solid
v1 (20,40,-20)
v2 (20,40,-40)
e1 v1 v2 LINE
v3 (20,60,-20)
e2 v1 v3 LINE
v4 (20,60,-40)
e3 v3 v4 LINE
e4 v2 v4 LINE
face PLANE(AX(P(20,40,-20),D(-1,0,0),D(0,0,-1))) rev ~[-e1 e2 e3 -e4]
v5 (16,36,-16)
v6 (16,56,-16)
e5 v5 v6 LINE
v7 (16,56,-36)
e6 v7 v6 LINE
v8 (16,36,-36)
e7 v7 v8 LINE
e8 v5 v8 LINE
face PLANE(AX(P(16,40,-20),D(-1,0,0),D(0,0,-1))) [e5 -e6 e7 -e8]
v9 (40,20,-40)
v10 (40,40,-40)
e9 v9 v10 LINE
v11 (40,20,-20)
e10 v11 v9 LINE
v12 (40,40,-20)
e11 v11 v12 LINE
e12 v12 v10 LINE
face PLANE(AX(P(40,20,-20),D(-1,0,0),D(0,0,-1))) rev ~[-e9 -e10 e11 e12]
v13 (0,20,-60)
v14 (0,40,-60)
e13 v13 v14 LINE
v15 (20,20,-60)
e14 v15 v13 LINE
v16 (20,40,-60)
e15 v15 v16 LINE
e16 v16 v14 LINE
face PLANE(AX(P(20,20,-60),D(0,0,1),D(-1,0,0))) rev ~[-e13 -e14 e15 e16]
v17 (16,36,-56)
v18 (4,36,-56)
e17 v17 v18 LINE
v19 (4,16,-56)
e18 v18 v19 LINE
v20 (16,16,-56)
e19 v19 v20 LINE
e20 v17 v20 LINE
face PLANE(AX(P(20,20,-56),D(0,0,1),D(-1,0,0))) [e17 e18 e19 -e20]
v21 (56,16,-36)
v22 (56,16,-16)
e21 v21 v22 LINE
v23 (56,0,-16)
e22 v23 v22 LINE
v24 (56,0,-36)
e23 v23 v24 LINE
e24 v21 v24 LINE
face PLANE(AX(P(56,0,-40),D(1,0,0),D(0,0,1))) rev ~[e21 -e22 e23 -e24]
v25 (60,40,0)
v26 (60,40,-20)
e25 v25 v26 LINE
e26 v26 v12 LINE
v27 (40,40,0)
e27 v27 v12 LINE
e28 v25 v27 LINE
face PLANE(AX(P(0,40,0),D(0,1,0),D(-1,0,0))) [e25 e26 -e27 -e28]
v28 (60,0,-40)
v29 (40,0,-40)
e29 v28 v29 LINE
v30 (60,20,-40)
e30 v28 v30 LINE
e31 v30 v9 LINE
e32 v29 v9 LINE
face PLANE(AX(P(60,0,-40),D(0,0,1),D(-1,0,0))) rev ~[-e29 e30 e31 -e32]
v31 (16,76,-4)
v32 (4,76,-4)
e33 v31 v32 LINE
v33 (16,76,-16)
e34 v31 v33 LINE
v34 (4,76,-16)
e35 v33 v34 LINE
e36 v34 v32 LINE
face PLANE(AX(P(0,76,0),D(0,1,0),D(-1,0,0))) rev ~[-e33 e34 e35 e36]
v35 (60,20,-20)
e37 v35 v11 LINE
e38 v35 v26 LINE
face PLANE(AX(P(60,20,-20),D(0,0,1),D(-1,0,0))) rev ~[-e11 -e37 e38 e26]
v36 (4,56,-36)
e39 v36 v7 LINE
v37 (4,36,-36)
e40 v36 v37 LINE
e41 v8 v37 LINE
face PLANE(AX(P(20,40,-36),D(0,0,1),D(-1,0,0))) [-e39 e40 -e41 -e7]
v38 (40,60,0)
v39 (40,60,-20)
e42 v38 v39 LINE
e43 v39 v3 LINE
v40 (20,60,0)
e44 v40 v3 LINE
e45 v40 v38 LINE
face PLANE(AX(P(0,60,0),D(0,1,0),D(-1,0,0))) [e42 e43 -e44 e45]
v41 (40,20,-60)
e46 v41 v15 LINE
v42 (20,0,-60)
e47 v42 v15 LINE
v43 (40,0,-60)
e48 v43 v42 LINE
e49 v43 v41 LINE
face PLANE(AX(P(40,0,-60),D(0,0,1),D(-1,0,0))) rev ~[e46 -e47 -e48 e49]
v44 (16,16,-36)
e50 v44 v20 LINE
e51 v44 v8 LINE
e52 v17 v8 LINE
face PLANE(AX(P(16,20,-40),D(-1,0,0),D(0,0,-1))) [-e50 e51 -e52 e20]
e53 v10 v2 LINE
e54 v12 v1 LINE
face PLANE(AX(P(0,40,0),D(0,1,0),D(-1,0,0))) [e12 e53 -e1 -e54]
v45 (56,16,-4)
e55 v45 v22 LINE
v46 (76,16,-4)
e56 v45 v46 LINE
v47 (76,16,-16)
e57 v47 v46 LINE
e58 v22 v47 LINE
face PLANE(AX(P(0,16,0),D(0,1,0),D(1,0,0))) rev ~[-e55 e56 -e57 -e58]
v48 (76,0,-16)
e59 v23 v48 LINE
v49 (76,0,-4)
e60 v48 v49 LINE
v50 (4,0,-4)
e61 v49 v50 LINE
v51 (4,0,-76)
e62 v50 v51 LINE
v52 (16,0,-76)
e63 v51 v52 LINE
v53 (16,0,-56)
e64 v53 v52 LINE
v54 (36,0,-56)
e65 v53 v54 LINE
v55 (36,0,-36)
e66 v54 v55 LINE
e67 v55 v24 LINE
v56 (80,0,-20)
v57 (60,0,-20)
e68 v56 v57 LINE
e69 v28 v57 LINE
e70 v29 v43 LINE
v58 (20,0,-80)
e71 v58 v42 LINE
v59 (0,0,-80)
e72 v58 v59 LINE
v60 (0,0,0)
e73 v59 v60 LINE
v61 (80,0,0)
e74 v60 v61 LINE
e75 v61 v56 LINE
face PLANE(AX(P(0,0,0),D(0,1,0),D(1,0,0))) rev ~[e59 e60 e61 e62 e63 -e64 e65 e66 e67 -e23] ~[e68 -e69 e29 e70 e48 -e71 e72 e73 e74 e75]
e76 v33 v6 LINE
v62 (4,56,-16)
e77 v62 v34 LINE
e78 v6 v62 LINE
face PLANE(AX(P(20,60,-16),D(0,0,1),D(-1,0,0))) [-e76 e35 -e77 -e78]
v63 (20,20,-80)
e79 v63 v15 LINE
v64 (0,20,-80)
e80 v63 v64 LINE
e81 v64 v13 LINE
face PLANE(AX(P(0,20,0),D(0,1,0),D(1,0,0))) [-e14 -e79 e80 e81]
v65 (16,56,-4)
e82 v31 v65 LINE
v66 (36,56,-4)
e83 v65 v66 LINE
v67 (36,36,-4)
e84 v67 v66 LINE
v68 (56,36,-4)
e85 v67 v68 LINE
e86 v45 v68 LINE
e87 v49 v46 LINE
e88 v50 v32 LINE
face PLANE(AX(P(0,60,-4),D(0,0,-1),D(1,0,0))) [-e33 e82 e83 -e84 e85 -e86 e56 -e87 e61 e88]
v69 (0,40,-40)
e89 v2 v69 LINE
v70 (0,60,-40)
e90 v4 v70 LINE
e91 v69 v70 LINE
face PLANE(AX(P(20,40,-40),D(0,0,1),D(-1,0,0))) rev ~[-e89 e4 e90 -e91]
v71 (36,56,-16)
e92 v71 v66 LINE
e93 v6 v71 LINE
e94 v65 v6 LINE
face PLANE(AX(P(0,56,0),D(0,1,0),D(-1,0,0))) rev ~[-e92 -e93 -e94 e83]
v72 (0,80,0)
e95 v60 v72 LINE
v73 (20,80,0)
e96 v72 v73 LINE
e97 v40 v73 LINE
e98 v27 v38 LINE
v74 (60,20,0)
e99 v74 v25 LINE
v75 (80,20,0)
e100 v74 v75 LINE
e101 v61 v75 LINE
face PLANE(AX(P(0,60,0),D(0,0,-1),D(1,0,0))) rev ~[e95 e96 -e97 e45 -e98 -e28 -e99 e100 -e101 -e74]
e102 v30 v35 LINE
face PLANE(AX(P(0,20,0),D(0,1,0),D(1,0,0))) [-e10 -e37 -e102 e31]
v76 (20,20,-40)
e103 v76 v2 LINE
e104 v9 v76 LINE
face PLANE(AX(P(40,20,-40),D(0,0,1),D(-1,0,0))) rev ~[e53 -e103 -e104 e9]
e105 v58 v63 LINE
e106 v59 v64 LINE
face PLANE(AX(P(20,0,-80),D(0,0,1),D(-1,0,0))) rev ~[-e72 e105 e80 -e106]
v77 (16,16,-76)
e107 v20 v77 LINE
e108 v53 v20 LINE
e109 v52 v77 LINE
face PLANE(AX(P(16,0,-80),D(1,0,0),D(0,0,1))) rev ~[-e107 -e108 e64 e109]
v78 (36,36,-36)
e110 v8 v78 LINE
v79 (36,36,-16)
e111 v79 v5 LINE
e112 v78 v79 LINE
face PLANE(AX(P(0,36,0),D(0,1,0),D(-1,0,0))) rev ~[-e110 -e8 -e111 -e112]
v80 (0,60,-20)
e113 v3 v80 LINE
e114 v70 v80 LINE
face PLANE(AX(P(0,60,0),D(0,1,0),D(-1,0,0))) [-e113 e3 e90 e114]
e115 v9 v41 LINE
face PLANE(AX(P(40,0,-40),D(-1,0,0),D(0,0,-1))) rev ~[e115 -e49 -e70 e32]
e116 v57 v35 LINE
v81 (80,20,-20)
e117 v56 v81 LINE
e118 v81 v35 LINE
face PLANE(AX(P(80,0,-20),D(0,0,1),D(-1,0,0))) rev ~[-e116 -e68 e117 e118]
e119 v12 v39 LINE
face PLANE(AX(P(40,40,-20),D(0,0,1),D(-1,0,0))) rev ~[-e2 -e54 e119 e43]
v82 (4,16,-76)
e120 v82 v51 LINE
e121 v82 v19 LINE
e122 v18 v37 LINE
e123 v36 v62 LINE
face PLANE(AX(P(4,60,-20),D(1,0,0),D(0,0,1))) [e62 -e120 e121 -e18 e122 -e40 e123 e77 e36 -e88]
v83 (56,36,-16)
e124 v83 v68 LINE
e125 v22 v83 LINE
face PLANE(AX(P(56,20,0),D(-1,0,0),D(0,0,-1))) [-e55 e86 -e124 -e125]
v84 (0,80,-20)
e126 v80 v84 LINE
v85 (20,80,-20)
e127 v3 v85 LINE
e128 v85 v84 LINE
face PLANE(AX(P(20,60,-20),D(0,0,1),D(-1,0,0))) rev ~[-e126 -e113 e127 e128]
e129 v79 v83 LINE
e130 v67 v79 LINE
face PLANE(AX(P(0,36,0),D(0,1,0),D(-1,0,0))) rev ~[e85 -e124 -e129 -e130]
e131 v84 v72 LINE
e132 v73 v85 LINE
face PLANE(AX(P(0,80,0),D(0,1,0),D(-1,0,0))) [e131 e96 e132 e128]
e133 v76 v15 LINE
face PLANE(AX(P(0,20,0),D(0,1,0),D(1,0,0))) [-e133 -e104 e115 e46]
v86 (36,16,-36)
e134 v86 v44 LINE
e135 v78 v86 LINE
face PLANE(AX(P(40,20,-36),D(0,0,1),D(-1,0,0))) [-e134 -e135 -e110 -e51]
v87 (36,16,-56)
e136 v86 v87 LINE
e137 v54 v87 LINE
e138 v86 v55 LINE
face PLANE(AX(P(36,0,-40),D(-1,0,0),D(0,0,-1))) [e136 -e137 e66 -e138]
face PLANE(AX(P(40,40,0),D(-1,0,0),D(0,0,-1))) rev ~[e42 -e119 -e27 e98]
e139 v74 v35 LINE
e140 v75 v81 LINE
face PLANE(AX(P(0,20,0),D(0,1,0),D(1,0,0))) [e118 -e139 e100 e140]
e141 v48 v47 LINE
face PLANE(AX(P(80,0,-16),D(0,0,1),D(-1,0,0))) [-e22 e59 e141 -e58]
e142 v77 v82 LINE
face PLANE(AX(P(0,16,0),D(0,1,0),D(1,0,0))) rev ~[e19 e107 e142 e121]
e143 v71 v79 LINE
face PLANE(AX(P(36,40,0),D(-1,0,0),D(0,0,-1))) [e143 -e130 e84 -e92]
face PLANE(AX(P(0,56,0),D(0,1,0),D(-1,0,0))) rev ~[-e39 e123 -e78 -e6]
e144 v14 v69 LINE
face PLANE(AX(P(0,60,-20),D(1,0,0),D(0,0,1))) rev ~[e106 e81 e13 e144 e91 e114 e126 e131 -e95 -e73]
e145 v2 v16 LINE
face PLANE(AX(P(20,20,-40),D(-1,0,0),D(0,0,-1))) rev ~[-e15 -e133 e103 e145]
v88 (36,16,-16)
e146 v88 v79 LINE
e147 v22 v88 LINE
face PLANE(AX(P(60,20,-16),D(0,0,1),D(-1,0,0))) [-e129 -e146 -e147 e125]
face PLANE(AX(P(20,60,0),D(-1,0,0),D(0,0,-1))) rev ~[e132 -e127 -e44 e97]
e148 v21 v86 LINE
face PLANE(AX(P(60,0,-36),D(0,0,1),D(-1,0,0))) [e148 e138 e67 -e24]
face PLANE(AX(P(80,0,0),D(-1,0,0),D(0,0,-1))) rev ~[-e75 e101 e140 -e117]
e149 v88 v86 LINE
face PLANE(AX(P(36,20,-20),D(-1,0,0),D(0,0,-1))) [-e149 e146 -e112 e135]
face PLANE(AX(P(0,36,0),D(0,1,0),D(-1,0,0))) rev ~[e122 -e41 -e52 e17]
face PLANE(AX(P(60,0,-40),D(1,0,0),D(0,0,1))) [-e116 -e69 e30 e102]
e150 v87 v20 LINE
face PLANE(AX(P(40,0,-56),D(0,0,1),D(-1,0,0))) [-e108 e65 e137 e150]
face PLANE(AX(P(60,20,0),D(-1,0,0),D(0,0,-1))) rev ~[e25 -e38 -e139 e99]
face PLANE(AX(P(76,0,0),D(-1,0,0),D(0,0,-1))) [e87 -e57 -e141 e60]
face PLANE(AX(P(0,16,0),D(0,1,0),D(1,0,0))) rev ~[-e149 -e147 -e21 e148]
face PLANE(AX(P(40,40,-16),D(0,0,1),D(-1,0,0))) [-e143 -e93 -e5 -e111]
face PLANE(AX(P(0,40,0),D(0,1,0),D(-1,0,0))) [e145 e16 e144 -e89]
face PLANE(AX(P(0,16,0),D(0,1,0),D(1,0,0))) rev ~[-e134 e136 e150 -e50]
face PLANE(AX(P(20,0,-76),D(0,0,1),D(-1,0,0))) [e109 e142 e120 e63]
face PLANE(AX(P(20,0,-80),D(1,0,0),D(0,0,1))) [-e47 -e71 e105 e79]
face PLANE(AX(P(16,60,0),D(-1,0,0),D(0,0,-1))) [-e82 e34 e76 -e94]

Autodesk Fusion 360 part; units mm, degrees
sketch "Sketch1" plane through (0, 0, 0) normal (0, 1, 0) x (1, 0, 0)
  line L0 (0, 0) -> (20, 0)
  line L1 (0, 20) -> (0, 0)
  line L2 (20, 0) -> (40, 0)
  line L3 (40, 0) -> (60, 0)
  line L4 (60, 0) -> (80, 0)
  line L5 (80, 20) -> (60, 20)
  line L6 (80, 0) -> (80, 20)
  line L7 (0, 40) -> (0, 20)
  line L8 (0, 60) -> (0, 40)
  line L9 (20, 80) -> (0, 80)
  line L10 (20, 80) -> (20, 60)
  line L11 (0, 80) -> (0, 60)
  line L12 (40, 60) -> (20, 60)
  line L13 (40, 40) -> (40, 60)
  line L14 (60, 40) -> (40, 40)
  line L15 (60, 40) -> (60, 20)
  point P0 (20, 0)
  point P1 (40, 0)
  point P2 (60, 0)
  dimension "d1" = 20
  dimension "d2" = 20
extrude "Extrude1" add sketch "Sketch1" along normal blind 20
sketch "Sketch2" plane through (0, 20, 0) normal (0, 1, 0) x (-1, 0, 0)
  line L0 (-40, -40) -> (-40, -60)
  line L1 (-40, -60) -> (-20, -60)
  line L2 (-20, -60) -> (-20, -80)
  line L3 (-20, -80) -> (0, -80)
  line L4 (0, -80) -> (0, 0)
  line L5 (0, 0) -> (-80, 0)
  line L6 (-80, 0) -> (-80, -20)
  line L7 (-80, -20) -> (-60, -20)
  line L8 (-60, -20) -> (-60, -40)
  line L9 (-60, -40) -> (-40, -40)
  line L10 (0, 0) -> (-20, 0)
  line L11 (-20, -40) -> (-20, -60)
  line L12 (-20, -60) -> (0, -60)
  line L13 (0, -60) -> (0, 0)
  line L14 (-20, 0) -> (-40, 0)
  line L15 (-40, -40) -> (-20, -40)
  line L16 (-40, 0) -> (-60, 0)
  line L17 (-60, 0) -> (-60, -20)
  line L18 (-60, -20) -> (-40, -20)
  line L19 (-40, -20) -> (-40, -40)
  dimension "d21" = 20
  dimension "d22" = 60
  dimension "d23" = 20
  dimension "d24" = 40
  dimension "d25" = 20
  dimension "d26" = 20
extrude "Extrude2" add sketch "Sketch2" along normal blind 20 contours L4 L5 L10 L11 L12 L13 L14 L15 L16 L17 L18 L19
sketch "Sketch3" plane through (0, 40, 0) normal (0, 1, 0) x (-1, 0, 0)
  line L0 (-40, -20) -> (-40, -40)
  line L1 (-40, -40) -> (-20, -40)
  line L2 (-20, -40) -> (-20, -60)
  line L3 (-20, -60) -> (0, -60)
  line L4 (0, -60) -> (0, 0)
  line L5 (0, 0) -> (-60, 0)
  line L6 (-60, 0) -> (-60, -20)
  line L7 (-60, -20) -> (-40, -20)
  line L8 (0, 0) -> (-40, 0)
  line L9 (-40, 0) -> (-40, -20)
  line L10 (-40, -20) -> (-20, -20)
  line L11 (0, -20) -> (0, 0)
  line L12 (-20, -20) -> (-20, -40)
  line L13 (-20, -40) -> (0, -40)
  line L14 (0, -40) -> (0, -20)
  dimension "d29" = 40
  dimension "d30" = 20
  dimension "d31" = 20
  dimension "d32" = 20
extrude "Extrude3" add sketch "Sketch3" along normal blind 20 contours L4 L5 L8 L9 L10 L11 L12 L13 L14
sketch "Sketch4" plane through (0, 60, 0) normal (0, 1, 0) x (-1, 0, 0)
  line L0 (0, -40) -> (0, 0)
  line L1 (0, 0) -> (-40, 0)
  line L2 (-40, 0) -> (-40, -20)
  line L3 (-40, -20) -> (-20, -20)
  line L4 (-20, -20) -> (-20, -40)
  line L5 (-20, -40) -> (0, -40)
  line L6 (0, 0) -> (-20, 0)
  line L7 (-20, 0) -> (-20, -20)
  line L8 (-20, -20) -> (0, -20)
  line L9 (0, -20) -> (0, 0)
  dimension "d35" = 20
  dimension "d36" = 20
extrude "Extrude4" add sketch "Sketch4" along normal blind 20 contours L0 L1 L6 L7 L8 L9
shell "Shell1" thickness 4 removed faces 1 at (20, 0, -33.3333)
